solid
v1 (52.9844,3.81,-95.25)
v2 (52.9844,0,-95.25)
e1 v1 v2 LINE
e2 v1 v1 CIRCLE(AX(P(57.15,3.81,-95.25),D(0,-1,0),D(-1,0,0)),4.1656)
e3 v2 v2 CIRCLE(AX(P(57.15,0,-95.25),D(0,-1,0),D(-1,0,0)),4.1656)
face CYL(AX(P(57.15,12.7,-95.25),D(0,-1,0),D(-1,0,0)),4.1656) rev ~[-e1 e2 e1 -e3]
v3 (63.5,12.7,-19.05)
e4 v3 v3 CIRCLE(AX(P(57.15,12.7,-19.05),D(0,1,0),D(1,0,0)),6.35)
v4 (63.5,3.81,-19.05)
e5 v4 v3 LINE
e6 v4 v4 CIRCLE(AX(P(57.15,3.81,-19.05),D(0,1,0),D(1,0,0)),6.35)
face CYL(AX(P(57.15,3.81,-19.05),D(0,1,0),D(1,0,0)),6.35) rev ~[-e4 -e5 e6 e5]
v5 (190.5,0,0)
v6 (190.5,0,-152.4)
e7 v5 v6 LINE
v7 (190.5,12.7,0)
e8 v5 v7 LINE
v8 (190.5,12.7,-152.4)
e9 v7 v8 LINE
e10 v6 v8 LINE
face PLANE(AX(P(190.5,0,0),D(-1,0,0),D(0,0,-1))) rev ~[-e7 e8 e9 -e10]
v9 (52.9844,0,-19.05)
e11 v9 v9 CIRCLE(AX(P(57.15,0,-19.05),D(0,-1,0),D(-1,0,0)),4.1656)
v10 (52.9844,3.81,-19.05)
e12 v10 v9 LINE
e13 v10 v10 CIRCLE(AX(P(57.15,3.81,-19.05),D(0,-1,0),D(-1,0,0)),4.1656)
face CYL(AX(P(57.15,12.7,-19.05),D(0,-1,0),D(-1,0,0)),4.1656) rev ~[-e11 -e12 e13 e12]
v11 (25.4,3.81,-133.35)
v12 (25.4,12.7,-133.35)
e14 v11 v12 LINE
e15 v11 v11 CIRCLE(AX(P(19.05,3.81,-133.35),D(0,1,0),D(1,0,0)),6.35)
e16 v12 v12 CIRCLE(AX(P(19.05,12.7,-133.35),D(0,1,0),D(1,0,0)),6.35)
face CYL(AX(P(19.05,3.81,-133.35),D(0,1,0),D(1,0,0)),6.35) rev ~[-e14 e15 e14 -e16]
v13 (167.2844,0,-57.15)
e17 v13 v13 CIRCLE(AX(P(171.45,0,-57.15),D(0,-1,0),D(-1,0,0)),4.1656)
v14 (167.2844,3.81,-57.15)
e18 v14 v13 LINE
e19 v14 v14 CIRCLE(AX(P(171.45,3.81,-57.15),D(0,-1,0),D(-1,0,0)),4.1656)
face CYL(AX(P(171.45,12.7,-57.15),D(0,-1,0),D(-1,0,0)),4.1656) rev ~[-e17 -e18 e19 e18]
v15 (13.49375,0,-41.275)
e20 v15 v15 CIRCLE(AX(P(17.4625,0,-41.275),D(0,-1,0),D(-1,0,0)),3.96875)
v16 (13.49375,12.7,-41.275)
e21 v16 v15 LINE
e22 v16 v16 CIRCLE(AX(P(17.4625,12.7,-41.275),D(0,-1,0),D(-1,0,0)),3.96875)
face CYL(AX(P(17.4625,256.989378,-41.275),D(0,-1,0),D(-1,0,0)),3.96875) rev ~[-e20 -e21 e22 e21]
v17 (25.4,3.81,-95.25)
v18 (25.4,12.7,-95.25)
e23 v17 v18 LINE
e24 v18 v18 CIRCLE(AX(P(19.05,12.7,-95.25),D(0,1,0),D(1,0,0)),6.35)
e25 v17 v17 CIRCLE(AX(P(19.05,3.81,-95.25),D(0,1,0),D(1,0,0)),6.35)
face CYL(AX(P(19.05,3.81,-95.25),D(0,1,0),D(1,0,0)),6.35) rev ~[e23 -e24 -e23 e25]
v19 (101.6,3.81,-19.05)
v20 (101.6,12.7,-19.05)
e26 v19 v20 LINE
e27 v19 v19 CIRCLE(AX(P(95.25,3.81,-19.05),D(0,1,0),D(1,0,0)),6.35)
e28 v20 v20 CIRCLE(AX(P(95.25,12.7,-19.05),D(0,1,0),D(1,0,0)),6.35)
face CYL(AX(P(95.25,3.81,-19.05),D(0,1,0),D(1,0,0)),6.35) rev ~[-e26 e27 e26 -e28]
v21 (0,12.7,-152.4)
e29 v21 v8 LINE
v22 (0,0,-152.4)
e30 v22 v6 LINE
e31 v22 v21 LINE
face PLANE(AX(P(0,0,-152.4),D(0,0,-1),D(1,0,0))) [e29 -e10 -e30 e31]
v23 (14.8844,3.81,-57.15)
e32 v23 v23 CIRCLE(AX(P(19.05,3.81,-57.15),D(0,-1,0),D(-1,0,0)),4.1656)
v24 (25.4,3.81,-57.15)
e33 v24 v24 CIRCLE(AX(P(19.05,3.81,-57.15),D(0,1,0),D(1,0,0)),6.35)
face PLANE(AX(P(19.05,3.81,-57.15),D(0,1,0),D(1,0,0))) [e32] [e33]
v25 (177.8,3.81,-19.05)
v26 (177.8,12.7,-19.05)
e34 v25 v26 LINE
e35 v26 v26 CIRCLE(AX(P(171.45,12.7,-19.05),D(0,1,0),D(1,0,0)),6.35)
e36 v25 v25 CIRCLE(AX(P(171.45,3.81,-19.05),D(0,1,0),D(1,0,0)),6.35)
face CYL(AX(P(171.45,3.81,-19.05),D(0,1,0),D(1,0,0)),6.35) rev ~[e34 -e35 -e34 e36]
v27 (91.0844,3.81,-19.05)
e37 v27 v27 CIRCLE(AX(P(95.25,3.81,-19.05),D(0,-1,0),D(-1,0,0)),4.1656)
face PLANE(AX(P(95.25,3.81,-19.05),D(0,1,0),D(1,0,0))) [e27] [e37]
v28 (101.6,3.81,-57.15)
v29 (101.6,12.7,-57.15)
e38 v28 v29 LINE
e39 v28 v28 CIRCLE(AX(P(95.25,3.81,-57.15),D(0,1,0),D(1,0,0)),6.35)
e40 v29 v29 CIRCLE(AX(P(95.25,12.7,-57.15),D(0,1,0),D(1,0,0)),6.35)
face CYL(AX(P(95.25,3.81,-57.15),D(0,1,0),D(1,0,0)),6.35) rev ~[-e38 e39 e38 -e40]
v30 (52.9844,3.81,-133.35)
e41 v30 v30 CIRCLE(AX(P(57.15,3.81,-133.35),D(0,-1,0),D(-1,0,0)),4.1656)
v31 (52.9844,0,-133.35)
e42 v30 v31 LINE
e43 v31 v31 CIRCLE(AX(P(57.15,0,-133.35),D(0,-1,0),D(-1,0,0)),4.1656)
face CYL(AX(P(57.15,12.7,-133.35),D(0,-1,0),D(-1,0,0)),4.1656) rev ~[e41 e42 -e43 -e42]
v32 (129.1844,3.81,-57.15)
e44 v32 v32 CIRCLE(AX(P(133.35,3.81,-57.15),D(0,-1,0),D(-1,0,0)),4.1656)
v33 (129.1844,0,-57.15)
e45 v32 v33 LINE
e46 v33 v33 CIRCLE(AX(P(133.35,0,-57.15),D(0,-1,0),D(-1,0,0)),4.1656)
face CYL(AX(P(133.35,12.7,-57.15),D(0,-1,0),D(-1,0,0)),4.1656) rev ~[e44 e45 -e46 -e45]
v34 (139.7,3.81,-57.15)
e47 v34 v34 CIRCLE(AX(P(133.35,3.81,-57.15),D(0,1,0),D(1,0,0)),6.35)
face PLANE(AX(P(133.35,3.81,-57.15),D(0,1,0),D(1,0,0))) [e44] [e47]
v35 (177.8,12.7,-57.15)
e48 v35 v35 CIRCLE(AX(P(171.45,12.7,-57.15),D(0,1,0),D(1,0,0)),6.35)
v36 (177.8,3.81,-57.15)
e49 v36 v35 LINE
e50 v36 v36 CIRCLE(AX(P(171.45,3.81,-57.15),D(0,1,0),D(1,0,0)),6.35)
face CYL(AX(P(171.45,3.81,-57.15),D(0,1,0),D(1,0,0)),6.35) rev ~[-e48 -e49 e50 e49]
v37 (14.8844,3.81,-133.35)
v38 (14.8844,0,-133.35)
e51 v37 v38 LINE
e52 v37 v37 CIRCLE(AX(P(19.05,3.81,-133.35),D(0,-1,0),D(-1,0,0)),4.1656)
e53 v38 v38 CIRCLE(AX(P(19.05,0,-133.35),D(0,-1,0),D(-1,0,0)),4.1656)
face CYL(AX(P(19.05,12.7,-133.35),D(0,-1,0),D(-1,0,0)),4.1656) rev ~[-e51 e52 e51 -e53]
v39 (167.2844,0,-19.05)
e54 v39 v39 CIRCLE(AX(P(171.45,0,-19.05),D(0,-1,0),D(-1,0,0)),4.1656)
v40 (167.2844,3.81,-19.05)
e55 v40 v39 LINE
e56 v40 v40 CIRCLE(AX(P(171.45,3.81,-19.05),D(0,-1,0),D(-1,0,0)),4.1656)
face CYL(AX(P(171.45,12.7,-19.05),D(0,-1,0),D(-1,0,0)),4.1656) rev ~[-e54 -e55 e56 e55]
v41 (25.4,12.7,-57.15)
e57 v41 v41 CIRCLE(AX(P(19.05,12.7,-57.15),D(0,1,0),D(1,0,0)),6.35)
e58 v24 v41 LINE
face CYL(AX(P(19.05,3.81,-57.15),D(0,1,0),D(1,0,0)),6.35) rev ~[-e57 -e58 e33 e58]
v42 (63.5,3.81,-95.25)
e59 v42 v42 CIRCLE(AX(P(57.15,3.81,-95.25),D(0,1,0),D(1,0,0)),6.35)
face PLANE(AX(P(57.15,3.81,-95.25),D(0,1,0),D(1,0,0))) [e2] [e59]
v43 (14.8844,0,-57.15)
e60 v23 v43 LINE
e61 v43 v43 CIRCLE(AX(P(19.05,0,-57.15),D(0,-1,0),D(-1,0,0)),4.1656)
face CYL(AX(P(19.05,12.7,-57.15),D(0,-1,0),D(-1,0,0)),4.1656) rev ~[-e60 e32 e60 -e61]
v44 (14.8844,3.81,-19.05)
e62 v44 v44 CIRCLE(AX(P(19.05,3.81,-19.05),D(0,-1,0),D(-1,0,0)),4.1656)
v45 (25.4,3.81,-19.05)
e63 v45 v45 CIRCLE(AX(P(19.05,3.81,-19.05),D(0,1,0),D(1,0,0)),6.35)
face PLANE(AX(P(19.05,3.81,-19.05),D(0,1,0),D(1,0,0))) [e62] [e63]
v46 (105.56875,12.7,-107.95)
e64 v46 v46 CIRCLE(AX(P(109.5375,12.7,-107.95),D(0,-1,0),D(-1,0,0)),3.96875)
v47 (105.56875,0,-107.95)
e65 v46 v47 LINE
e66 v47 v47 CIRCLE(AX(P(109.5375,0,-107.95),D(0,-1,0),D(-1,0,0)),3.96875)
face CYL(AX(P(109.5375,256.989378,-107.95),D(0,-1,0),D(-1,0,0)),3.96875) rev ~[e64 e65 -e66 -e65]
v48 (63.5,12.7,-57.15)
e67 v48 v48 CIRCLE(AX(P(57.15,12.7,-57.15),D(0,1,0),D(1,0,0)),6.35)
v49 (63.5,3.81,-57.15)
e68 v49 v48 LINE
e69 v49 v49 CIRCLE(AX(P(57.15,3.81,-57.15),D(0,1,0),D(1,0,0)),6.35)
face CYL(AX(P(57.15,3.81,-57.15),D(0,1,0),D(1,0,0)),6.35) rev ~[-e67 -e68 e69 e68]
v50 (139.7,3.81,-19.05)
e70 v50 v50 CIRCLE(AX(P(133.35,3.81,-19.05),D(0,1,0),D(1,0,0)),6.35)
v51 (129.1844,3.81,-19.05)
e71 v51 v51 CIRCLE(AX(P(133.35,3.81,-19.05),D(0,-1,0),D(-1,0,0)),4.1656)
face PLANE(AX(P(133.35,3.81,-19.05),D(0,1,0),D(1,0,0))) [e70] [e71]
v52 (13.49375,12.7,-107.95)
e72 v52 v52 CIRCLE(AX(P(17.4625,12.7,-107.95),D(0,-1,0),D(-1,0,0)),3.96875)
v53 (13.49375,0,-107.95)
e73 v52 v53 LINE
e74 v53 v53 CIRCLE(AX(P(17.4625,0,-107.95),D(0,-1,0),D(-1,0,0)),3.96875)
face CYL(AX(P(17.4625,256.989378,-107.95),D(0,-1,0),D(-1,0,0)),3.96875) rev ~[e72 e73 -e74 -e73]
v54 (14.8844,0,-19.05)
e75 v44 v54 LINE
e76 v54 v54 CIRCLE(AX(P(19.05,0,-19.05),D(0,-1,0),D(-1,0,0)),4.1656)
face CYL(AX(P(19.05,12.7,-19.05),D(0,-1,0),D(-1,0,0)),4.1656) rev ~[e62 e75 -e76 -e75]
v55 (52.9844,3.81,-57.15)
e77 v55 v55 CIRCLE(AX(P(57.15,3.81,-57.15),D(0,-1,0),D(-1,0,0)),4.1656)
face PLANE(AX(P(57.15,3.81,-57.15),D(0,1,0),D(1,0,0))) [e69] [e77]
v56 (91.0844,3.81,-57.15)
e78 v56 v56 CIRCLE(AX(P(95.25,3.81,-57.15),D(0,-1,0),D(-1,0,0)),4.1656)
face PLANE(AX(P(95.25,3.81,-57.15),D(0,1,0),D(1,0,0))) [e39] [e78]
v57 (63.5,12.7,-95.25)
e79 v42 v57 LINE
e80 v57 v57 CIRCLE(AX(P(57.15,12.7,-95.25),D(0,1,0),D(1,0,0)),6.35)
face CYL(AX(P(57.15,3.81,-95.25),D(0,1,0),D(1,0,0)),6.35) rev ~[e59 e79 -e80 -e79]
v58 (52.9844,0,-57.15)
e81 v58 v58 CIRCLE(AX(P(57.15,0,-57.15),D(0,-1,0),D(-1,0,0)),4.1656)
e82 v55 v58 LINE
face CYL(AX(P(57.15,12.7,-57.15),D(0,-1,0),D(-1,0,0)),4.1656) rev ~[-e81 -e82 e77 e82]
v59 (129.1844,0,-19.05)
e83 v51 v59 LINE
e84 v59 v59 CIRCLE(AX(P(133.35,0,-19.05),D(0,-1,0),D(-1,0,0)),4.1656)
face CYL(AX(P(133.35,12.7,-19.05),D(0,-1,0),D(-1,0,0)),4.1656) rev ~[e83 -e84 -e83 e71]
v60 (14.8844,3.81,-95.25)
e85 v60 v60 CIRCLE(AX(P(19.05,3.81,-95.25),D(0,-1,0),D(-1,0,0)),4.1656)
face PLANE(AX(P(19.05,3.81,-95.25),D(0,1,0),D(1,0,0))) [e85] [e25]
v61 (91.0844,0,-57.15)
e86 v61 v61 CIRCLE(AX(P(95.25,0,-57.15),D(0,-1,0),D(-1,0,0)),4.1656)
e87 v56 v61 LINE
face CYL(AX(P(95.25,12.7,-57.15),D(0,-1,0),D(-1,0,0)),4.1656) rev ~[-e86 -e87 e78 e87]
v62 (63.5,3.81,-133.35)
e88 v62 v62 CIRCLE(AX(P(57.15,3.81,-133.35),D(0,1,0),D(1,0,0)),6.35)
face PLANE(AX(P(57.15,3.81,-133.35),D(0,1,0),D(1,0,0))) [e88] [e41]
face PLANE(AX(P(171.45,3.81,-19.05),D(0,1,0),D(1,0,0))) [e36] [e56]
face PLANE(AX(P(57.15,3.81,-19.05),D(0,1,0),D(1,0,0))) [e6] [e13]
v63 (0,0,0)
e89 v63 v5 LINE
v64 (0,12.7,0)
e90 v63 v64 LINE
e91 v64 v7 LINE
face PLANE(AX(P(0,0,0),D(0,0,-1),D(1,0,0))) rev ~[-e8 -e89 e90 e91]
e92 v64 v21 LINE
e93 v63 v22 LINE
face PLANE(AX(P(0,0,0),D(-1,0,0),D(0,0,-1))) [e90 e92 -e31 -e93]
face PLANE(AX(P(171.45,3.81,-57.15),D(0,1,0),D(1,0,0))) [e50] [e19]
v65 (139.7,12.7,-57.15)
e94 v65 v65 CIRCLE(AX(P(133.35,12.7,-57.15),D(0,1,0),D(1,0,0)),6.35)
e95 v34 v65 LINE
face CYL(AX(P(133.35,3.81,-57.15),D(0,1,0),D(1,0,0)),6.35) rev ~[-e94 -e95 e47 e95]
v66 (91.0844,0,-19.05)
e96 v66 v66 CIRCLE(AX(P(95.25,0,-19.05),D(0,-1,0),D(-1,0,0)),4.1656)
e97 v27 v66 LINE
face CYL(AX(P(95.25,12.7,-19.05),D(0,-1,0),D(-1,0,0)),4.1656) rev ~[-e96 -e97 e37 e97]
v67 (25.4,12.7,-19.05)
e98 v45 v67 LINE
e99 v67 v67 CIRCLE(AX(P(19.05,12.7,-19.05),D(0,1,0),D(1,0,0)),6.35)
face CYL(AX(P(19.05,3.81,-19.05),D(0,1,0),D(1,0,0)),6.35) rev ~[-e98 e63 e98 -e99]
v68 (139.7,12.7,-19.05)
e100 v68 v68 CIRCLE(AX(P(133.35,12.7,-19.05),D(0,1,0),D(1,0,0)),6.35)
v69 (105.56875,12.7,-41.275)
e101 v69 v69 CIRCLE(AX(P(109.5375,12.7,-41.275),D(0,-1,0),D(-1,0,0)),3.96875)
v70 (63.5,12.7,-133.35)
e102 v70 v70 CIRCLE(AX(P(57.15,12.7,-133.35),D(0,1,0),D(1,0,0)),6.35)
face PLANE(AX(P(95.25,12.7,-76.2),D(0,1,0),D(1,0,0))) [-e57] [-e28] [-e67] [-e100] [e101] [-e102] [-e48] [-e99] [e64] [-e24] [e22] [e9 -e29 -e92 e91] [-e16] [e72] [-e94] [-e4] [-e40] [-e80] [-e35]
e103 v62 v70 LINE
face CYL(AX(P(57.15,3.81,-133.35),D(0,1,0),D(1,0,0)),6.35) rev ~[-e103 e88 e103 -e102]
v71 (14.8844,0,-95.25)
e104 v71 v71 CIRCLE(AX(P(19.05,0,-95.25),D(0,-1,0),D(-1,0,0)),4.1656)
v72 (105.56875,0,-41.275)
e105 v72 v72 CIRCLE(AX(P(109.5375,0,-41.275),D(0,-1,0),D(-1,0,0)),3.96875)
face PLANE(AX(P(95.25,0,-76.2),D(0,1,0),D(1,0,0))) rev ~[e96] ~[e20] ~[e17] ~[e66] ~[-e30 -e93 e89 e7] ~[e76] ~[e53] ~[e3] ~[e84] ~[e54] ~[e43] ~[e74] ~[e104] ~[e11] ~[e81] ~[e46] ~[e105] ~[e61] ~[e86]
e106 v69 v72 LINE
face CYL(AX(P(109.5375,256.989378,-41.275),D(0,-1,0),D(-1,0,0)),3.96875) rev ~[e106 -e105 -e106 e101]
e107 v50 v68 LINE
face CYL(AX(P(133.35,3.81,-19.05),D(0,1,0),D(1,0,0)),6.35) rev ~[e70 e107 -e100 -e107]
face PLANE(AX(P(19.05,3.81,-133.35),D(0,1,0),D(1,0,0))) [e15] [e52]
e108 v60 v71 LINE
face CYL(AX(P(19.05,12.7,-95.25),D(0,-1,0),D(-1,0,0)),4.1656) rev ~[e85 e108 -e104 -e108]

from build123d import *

# Parameters (mm, degrees)
SKETCH1_W                                            = 190.5
SKETCH1_H                                            = 152.4
BOSS_EXTRUDE1_DEPTH                                  = 12.7
CBORE_FOR_1_4_BINDING_HEAD_MACHINE_SCREW_D           = 8.3312
CBORE_FOR_1_4_BINDING_HEAD_MACHINE_SCREW_CBORE_D     = 12.7
CBORE_FOR_1_4_BINDING_HEAD_MACHINE_SCREW_CBORE_DEPTH = 8.89
CBORE_FOR_1_4_BINDING_HEAD_MACHINE_S_2_D             = 8.3312
CBORE_FOR_1_4_BINDING_HEAD_MACHINE_S_2_CBORE_D       = 12.7
CBORE_FOR_1_4_BINDING_HEAD_MACHINE_S_2_CBORE_DEPTH   = 8.89
F_3_8_16_TAPPED_HOLE1_D                              = 7.9375
LPATTERN1_COUNT                                      = 2
LPATTERN1_PITCH                                      = 92.075
LPATTERN1_COUNT_DIR2                                 = 2
LPATTERN1_PITCH_DIR2                                 = 66.675


with BuildPart() as part:
    # Sketch1 → Boss-Extrude1 (new body)
    with BuildSketch(Plane(origin=(0, 0, 0), x_dir=(1, 0, 0), z_dir=(0, 1, 0))):
        with Locations((95.25, 76.2)):
            Rectangle(SKETCH1_W, SKETCH1_H)
    extrude(amount=BOSS_EXTRUDE1_DEPTH)

    # CBORE for 1_4 Binding Head Machine Screw (through all)
    with Locations(Plane(origin=(0, 12.7, 0), x_dir=(1, 0, 0), z_dir=(0, 1, 0))):
        with Locations((19.05, 19.05), (57.15, 19.05), (95.25, 19.05), (133.35, 19.05), (19.05, 57.15), (19.05, 95.25), (19.05, 133.35), (57.15, 57.15), (95.25, 57.15), (133.35, 57.15), (57.15, 95.25), (57.15, 133.35)):
            CounterBoreHole(CBORE_FOR_1_4_BINDING_HEAD_MACHINE_SCREW_D / 2, CBORE_FOR_1_4_BINDING_HEAD_MACHINE_SCREW_CBORE_D / 2, CBORE_FOR_1_4_BINDING_HEAD_MACHINE_SCREW_CBORE_DEPTH)

    # CBORE for 1_4 Binding Head Machine S 2 (through all)
    with Locations(Plane(origin=(0, 12.7, 0), x_dir=(1, 0, 0), z_dir=(0, 1, 0))):
        with Locations((171.45, 19.05), (171.45, 57.15)):
            CounterBoreHole(CBORE_FOR_1_4_BINDING_HEAD_MACHINE_S_2_D / 2, CBORE_FOR_1_4_BINDING_HEAD_MACHINE_S_2_CBORE_D / 2, CBORE_FOR_1_4_BINDING_HEAD_MACHINE_S_2_CBORE_DEPTH)

    # 3/8-16 Tapped Hole1 (through all)
    with Locations(Plane(origin=(0, 12.7, 0), x_dir=(1, 0, 0), z_dir=(0, 1, 0))):
        with Locations((17.4625, 41.275)):
            f_3_8_16_tapped_hole1 = Hole(F_3_8_16_TAPPED_HOLE1_D / 2)

    # LPattern1: 3_8-16 Tapped Hole1 2 × 2
    with Locations(*[(i * LPATTERN1_PITCH, 0, -j * LPATTERN1_PITCH_DIR2) for i in range(LPATTERN1_COUNT) for j in range(LPATTERN1_COUNT_DIR2) if (i, j) != (0, 0)]):
        add(f_3_8_16_tapped_hole1, mode=Mode.SUBTRACT)


solid = part.part
